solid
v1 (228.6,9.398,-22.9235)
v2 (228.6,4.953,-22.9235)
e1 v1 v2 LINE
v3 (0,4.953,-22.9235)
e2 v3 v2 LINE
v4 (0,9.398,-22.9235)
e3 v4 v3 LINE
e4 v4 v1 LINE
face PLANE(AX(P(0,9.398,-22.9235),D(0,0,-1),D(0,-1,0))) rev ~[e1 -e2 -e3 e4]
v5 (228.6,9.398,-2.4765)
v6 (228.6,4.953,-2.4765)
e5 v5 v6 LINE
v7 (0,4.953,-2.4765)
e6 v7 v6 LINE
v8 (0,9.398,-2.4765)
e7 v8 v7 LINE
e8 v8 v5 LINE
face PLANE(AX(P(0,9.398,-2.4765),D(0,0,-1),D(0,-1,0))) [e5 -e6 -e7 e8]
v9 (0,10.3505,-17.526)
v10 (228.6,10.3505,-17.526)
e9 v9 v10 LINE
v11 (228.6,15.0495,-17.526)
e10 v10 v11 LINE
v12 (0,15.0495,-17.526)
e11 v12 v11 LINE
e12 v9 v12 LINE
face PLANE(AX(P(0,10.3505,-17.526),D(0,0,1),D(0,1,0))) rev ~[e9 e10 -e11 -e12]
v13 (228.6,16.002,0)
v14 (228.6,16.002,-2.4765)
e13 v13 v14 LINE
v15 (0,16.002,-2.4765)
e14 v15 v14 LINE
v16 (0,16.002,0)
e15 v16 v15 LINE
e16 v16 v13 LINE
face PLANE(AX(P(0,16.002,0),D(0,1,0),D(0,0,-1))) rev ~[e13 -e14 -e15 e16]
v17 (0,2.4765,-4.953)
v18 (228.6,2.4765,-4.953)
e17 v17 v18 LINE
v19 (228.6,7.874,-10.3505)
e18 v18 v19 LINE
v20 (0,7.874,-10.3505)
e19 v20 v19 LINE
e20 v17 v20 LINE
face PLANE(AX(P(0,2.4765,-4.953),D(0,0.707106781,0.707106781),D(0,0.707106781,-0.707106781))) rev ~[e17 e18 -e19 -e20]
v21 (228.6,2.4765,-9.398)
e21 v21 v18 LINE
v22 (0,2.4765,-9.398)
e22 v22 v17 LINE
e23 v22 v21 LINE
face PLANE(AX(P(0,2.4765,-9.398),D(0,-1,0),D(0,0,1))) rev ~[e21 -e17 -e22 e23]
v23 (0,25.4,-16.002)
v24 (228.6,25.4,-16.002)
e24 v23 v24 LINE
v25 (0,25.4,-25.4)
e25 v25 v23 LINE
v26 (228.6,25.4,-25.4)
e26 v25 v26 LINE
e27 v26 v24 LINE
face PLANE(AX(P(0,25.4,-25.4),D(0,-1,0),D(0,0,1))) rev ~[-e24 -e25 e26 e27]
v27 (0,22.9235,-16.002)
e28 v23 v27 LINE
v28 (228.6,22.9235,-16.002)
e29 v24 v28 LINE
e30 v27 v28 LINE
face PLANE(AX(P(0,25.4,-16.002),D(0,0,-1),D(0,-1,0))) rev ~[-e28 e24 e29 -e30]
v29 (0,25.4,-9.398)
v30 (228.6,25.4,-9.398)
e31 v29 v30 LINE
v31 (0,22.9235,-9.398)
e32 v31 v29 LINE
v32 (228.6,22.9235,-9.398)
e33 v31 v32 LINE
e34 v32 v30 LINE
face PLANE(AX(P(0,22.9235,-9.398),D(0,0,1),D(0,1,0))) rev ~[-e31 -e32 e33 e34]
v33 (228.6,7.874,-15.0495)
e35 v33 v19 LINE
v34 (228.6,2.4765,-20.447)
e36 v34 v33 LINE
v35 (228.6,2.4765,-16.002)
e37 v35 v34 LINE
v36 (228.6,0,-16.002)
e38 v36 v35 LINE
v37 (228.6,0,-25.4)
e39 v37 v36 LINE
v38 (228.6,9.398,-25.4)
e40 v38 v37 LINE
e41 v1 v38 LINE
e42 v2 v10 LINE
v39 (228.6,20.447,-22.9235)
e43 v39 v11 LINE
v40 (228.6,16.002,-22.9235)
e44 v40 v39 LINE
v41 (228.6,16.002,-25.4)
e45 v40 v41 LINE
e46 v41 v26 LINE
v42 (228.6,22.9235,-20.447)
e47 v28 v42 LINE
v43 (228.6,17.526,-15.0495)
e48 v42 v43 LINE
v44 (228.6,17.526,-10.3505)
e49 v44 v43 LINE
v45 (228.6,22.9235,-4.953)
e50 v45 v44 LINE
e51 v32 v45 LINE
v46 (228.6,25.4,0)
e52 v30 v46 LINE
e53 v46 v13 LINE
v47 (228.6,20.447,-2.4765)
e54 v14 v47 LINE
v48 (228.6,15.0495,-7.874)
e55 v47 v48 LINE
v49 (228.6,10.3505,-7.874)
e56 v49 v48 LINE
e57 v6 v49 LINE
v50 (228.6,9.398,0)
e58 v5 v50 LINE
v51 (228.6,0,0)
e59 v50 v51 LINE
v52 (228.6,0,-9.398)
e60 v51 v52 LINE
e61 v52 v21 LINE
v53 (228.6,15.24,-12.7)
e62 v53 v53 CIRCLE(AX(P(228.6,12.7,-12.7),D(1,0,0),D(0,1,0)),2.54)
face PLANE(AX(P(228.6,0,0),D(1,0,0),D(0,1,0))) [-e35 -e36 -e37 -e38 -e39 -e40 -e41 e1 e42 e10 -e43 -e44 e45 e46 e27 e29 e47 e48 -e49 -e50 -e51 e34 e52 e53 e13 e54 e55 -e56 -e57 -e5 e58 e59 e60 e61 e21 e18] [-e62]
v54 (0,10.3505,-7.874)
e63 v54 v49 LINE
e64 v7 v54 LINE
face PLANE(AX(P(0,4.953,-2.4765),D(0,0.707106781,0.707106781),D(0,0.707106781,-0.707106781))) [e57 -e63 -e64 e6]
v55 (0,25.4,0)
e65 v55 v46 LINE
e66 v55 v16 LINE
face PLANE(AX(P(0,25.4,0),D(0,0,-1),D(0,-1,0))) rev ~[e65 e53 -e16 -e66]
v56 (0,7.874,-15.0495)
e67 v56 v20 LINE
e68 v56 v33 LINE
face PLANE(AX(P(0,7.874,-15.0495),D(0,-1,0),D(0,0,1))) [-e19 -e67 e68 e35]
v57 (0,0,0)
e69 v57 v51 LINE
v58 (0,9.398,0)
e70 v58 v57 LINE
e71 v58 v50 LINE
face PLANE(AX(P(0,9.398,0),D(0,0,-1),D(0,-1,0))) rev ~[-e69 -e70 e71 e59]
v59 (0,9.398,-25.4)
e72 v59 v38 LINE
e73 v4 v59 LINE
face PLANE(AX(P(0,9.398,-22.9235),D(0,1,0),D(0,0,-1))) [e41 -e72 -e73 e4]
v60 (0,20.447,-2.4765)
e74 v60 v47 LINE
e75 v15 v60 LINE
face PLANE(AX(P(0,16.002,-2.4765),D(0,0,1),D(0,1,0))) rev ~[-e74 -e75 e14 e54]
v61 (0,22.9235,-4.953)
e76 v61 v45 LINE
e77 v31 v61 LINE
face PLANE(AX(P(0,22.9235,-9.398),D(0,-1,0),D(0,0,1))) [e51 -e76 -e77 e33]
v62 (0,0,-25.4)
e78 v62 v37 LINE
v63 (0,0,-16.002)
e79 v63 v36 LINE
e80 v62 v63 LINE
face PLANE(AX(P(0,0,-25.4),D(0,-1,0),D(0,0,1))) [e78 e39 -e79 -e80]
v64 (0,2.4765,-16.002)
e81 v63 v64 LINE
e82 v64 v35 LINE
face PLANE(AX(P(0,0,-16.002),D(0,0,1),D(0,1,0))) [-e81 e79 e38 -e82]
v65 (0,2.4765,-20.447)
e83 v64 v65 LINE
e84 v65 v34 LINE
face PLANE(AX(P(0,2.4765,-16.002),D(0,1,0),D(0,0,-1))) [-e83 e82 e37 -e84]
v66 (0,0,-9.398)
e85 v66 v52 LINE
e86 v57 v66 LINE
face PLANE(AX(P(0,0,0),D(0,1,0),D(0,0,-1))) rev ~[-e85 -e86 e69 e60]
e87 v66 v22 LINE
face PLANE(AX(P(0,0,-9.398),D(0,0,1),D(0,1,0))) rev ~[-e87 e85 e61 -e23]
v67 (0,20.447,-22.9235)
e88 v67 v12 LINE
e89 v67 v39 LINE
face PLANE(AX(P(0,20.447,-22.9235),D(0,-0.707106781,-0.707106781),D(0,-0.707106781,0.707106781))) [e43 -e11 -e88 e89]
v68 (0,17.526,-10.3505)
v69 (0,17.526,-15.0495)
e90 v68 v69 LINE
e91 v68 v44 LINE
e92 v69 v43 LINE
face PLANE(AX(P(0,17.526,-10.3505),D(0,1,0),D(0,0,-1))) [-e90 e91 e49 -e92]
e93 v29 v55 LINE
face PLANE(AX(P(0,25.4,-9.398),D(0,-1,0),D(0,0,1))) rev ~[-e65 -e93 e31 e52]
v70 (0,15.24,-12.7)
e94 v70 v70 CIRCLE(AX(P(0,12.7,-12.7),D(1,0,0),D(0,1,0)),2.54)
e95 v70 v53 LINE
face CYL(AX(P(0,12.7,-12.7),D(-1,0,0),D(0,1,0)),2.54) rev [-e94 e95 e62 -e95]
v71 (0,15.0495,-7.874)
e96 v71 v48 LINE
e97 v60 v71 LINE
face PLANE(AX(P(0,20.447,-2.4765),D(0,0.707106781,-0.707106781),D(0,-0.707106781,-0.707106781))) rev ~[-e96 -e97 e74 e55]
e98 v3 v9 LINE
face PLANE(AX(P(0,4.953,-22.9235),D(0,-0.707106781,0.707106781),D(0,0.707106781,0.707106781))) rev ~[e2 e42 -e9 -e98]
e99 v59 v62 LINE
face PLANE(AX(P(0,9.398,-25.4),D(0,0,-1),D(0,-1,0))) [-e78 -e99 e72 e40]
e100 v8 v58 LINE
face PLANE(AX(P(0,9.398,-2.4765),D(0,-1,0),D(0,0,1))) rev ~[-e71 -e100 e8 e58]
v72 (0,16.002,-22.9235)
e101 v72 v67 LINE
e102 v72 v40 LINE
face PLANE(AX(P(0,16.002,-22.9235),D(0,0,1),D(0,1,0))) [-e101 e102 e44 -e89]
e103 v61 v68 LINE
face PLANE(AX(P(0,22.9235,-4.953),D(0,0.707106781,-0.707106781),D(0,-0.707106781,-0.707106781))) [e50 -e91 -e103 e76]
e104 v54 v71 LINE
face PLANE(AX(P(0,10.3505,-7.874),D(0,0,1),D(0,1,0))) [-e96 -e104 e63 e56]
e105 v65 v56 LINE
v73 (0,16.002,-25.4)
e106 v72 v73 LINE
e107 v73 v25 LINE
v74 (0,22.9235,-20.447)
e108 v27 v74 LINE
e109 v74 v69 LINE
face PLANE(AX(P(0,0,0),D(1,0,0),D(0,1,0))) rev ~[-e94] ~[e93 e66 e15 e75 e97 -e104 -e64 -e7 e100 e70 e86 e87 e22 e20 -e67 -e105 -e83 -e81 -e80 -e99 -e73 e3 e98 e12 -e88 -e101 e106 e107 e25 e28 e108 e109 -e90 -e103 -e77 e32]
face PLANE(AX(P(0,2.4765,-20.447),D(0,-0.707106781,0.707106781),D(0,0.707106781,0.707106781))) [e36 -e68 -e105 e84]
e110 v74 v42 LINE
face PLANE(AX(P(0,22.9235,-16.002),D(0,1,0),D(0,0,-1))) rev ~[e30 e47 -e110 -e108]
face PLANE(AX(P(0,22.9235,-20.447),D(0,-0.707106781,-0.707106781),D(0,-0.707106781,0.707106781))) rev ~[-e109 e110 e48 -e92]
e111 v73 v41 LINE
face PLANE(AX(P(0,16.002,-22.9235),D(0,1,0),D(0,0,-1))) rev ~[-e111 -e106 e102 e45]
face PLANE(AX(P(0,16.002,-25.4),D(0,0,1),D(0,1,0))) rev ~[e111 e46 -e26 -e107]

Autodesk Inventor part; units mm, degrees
ref_plane "YZ Plane" through (0, 0, 0) normal (1, 0, 0) x (0, 1, 0)
ref_plane "XZ Plane" through (0, 0, 0) normal (0, 1, 0) x (-1, 0, 0)
ref_plane "XY Plane" through (0, 0, 0) normal (0, 0, 1) x (1, 0, 0)
sketch "Sketch1" plane through (0, 0, 0) normal (1, 0, 0) x (0, 1, 0)
  line L0 (0, 0) -> (0, -9.398)
  line L1 (0, -9.398) -> (2.4765, -9.398)
  line L2 (9.398, -2.4765) -> (9.398, 0)
  line L3 (9.398, 0) -> (0, 0)
  line L4 (16.002, 0) -> (16.002, -2.4765)
  line L5 (22.9235, -9.398) -> (25.4, -9.398)
  line L6 (25.4, -9.398) -> (25.4, 0)
  line L7 (25.4, 0) -> (16.002, 0)
  line L8 (25.4, -16.002) -> (22.9235, -16.002)
  line L9 (16.002, -22.9235) -> (16.002, -25.4)
  line L10 (16.002, -25.4) -> (25.4, -25.4)
  line L11 (25.4, -25.4) -> (25.4, -16.002)
  line L12 (0, -16.002) -> (2.4765, -16.002)
  line L13 (9.398, -22.9235) -> (9.398, -25.4)
  line L14 (9.398, -25.4) -> (0, -25.4)
  line L15 (0, -25.4) -> (0, -16.002)
  line L16 (22.9235, -9.398) -> (22.9235, -4.953)
  line L17 (16.002, -2.4765) -> (20.447, -2.4765)
  line L18 (20.447, -2.4765) -> (15.0495, -7.874)
  line L19 (20.447, -2.4765) -> (28.0802, -2.4765) construction
  line L20 (22.9235, -4.953) -> (17.526, -10.3505)
  line L21 (22.9235, -16.002) -> (22.9235, -20.447)
  line L22 (22.9235, -20.447) -> (17.526, -15.0495)
  line L23 (16.002, -22.9235) -> (20.447, -22.9235)
  line L24 (20.447, -22.9235) -> (15.0495, -17.526)
  line L25 (2.4765, -16.002) -> (2.4765, -20.447)
  line L26 (2.4765, -20.447) -> (7.874, -15.0495)
  line L27 (9.398, -22.9235) -> (4.953, -22.9235)
  line L28 (4.953, -22.9235) -> (10.3505, -17.526)
  line L29 (9.398, -2.4765) -> (4.953, -2.4765)
  line L30 (4.953, -2.4765) -> (10.3505, -7.874)
  line L31 (2.4765, -9.398) -> (2.4765, -4.953)
  line L32 (2.4765, -4.953) -> (7.874, -10.3505)
  line L33 (10.3505, -7.874) -> (15.0495, -7.874)
  line L34 (17.526, -10.3505) -> (17.526, -15.0495)
  line L35 (10.3505, -17.526) -> (15.0495, -17.526)
  line L36 (7.874, -15.0495) -> (7.874, -10.3505)
  circle A0 centre (12.7, -12.7) radius 2.54
  dimension "d2" = 9.398
  dimension "d3" = 2.4765
  dimension "d7" = 2.4765
  dimension "d10" = 2.4765
  dimension "d11" = 25.4
  dimension "d13" = 2.4765
  dimension "d16" = 2.4765
  dimension "d17" = 9.398
  dimension "d18" = 25.4
  dimension "d23" = 2.4765
  dimension "d24" = 25.4
  dimension "d25" = 25.4
  dimension "d32" = 4.445
  dimension "d33" = 4.445
  dimension "d35" = 135
  dimension "d36" = 4.445
  dimension "d37" = 4.445
  dimension "d38" = 2.4765
  dimension "d40" = 4.445
  dimension "d41" = 4.445
  dimension "d42" = 4.445
  dimension "d43" = 4.445
  dimension "d44" = 5.08
extrude "Extrusion1" add sketch "Sketch1" along normal blind 228.6
properties part number "LatX24in1"
